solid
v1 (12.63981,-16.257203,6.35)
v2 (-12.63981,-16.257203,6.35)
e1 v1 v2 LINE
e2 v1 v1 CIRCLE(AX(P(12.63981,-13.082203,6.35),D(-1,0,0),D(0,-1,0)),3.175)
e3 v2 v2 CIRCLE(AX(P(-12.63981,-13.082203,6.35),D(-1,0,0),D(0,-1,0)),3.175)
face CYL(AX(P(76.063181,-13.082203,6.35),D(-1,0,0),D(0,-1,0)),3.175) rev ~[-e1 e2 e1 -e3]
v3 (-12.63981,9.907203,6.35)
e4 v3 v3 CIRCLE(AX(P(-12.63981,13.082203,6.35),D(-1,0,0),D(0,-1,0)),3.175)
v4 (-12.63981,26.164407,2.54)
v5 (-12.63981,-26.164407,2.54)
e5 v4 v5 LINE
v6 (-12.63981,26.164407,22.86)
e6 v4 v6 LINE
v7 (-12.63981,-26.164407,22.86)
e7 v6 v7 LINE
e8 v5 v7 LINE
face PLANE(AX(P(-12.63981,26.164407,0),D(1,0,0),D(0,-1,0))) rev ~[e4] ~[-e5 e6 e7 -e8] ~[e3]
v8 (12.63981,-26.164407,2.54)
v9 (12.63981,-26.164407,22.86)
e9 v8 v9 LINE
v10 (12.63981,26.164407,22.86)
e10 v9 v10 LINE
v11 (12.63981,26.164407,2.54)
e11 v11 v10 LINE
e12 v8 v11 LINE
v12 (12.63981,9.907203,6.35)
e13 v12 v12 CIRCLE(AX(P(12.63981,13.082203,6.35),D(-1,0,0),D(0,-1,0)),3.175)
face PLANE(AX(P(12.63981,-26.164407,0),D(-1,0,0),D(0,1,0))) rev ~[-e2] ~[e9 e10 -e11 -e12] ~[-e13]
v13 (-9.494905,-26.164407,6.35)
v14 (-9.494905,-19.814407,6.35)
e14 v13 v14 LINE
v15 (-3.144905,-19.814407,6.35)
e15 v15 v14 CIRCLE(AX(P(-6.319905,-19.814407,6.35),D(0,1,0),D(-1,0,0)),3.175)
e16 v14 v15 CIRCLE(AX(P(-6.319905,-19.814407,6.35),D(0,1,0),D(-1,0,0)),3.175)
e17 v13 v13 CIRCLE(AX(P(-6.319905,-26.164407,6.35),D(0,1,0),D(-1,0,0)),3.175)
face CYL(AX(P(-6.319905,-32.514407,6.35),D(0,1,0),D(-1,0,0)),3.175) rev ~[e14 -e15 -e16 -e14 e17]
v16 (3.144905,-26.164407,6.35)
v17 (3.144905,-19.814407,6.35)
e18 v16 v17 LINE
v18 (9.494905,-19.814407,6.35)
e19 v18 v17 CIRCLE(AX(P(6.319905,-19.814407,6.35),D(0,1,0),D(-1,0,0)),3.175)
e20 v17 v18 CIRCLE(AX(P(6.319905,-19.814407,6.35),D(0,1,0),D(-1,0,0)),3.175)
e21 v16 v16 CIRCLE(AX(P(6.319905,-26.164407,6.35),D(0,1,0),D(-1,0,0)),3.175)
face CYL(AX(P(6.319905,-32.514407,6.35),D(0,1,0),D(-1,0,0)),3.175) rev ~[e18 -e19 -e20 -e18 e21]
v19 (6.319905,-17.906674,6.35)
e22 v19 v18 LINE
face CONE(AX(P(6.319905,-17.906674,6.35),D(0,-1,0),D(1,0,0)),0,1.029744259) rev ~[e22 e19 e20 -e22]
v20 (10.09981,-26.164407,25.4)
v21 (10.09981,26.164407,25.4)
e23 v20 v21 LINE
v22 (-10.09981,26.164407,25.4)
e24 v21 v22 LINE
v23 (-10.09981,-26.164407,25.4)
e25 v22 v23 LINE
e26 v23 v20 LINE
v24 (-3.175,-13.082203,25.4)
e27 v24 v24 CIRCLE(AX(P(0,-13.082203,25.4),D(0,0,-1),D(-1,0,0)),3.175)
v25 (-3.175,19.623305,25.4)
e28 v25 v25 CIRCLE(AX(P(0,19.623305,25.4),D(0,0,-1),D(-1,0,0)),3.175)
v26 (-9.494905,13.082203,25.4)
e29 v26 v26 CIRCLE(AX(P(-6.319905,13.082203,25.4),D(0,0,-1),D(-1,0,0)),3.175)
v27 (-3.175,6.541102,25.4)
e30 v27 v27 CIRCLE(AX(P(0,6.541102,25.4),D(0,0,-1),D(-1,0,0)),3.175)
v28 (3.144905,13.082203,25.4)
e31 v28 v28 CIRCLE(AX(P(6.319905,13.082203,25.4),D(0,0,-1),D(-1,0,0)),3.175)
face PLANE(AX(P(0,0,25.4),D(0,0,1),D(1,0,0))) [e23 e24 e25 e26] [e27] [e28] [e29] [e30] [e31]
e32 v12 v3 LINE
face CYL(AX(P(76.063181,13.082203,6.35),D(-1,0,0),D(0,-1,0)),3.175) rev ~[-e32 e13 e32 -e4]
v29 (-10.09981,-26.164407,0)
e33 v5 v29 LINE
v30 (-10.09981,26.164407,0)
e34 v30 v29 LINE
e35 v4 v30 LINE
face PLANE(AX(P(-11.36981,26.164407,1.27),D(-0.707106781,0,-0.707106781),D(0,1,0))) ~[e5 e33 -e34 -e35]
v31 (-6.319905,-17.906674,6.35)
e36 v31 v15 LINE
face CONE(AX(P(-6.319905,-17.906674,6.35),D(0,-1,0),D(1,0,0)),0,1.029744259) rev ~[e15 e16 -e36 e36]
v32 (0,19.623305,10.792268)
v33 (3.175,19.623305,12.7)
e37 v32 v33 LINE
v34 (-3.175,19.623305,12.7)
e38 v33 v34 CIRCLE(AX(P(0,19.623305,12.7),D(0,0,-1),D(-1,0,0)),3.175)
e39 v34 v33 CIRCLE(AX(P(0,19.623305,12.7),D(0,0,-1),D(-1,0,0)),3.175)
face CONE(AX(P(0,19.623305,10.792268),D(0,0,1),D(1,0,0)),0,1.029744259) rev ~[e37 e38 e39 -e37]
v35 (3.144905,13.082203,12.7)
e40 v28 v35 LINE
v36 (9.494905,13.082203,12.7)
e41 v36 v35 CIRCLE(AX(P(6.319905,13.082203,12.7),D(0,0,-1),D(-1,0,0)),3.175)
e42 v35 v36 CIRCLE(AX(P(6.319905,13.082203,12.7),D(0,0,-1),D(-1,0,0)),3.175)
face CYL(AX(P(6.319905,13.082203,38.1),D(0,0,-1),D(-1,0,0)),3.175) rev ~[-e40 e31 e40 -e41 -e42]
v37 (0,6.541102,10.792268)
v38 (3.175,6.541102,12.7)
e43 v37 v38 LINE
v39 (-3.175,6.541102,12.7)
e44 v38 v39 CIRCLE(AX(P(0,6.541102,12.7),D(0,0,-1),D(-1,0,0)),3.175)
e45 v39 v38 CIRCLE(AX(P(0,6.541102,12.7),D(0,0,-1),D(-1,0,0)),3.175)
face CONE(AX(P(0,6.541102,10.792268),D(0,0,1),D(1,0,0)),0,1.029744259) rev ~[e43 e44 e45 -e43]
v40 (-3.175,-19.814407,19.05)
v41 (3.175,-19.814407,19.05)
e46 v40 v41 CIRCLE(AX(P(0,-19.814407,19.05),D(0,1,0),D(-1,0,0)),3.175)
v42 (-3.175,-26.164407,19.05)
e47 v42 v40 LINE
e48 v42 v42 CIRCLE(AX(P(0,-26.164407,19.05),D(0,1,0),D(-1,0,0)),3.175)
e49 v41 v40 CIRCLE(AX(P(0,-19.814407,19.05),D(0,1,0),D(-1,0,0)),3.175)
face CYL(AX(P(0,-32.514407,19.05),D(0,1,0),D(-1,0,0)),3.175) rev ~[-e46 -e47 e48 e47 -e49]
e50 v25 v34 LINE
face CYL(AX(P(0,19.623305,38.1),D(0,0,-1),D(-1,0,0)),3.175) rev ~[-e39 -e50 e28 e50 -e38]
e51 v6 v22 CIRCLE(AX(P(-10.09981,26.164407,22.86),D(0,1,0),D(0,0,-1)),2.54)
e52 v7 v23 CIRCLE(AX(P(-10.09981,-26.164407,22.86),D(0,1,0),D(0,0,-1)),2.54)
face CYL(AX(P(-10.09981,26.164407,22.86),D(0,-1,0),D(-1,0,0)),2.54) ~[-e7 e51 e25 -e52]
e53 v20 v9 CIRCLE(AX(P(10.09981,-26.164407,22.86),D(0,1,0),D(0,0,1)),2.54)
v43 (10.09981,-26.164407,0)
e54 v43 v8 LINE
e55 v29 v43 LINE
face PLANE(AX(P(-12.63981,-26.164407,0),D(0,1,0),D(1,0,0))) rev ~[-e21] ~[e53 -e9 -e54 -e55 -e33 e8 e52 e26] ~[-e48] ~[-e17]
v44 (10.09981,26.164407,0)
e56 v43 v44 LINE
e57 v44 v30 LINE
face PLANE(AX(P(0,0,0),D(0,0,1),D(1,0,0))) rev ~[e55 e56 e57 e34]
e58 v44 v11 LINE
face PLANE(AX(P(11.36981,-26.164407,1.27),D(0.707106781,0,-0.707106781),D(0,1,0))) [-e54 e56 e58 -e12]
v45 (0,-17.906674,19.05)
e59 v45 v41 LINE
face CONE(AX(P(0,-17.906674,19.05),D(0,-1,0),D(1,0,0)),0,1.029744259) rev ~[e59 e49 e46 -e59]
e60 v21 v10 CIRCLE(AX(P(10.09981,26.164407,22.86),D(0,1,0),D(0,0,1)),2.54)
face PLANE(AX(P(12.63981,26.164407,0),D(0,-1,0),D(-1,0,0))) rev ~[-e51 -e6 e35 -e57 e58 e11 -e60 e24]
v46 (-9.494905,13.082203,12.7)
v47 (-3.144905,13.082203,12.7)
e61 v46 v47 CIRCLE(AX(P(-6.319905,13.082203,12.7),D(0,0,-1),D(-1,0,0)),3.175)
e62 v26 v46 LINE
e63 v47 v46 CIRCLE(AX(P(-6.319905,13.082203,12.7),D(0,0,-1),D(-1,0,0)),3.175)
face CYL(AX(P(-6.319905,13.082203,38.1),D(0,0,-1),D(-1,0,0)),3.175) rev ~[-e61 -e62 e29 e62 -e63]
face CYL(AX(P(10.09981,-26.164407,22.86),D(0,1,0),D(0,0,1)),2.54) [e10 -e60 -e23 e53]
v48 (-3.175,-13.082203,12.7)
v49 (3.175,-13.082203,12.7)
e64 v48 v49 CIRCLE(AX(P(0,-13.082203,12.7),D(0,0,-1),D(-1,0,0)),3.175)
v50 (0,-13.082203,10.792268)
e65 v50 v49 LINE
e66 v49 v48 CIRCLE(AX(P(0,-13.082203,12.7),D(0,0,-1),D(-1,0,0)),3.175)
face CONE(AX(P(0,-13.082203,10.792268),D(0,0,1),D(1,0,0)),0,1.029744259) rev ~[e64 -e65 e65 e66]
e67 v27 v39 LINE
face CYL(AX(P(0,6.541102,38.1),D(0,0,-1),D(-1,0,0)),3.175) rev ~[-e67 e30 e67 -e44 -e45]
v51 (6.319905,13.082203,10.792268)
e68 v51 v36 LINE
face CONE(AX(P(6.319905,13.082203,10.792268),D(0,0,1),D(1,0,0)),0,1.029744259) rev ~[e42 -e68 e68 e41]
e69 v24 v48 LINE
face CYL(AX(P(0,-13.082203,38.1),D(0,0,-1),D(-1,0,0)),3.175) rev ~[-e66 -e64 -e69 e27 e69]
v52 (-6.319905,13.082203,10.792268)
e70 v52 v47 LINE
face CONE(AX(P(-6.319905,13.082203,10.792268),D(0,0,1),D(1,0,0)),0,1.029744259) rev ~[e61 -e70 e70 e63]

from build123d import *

# Parameters (mm, degrees)
F1_DEPTH = 25.4
F3_D     = 6.35
F5_D     = 6.35
F5_DEPTH = 6.35
F5_TIP   = 1.9077324654
F7_D     = 6.35
F7_DEPTH = 12.7
F7_TIP   = 1.9077324654
F8_R     = 2.54
F9_SIZE  = 2.54


with BuildPart() as f1:
    # F0 (on Top) → F1 (new body)
    with BuildSketch(Plane.XY):
        Polygon((-12.6398103312, -26.1644069105), (0, -26.1644069105), (12.6398103312, -26.1644069105), (12.6398103312, 0), (12.6398103312, 26.1644069105), (0, 26.1644069105), (-12.6398103312, 26.1644069105), (-12.6398103312, 0), align=None)
    extrude(amount=F1_DEPTH)

    # F3 (through all)
    with Locations(Plane.YZ.offset(12.6398103312)):
        with Locations((-13.0822034553, 6.35), (13.0822034553, 6.35)):
            Hole(F3_D / 2)

    # F5
    with Locations(Plane.XZ.offset(26.1644069105)):
        with Locations((-6.3199051656, 6.35), (6.3199051656, 6.35), (0, 19.05)):
            Hole(F5_D / 2, depth=F5_DEPTH)
            with Locations((0, 0, -(F5_DEPTH + F5_TIP / 2))):  # 118° drill point
                Cone(0, F5_D / 2, F5_TIP, mode=Mode.SUBTRACT)

    # F7
    with Locations(Plane.XY.offset(25.4)):
        with Locations((0, 19.6233051829), (0, 6.5411017276), (-6.3199051656, 13.0822034553), (6.3199051656, 13.0822034553), (0, -13.0822034553)):
            Hole(F7_D / 2, depth=F7_DEPTH)
            with Locations((0, 0, -(F7_DEPTH + F7_TIP / 2))):  # 118° drill point
                Cone(0, F7_D / 2, F7_TIP, mode=Mode.SUBTRACT)

    # F8
    f8_edges = [f1.edges().sort_by_distance(p)[0] for p in [
        (12.63981, 0, 25.4),
        (-12.63981, 0, 25.4),
    ]]
    fillet(f8_edges, radius=F8_R)

    # F9
    f9_edges = [f1.edges().sort_by_distance(p)[0] for p in [
        (-12.63981, 0, 0),
        (12.63981, 0, 0),
    ]]
    chamfer(f9_edges, length=F9_SIZE)


solid = f1.part
